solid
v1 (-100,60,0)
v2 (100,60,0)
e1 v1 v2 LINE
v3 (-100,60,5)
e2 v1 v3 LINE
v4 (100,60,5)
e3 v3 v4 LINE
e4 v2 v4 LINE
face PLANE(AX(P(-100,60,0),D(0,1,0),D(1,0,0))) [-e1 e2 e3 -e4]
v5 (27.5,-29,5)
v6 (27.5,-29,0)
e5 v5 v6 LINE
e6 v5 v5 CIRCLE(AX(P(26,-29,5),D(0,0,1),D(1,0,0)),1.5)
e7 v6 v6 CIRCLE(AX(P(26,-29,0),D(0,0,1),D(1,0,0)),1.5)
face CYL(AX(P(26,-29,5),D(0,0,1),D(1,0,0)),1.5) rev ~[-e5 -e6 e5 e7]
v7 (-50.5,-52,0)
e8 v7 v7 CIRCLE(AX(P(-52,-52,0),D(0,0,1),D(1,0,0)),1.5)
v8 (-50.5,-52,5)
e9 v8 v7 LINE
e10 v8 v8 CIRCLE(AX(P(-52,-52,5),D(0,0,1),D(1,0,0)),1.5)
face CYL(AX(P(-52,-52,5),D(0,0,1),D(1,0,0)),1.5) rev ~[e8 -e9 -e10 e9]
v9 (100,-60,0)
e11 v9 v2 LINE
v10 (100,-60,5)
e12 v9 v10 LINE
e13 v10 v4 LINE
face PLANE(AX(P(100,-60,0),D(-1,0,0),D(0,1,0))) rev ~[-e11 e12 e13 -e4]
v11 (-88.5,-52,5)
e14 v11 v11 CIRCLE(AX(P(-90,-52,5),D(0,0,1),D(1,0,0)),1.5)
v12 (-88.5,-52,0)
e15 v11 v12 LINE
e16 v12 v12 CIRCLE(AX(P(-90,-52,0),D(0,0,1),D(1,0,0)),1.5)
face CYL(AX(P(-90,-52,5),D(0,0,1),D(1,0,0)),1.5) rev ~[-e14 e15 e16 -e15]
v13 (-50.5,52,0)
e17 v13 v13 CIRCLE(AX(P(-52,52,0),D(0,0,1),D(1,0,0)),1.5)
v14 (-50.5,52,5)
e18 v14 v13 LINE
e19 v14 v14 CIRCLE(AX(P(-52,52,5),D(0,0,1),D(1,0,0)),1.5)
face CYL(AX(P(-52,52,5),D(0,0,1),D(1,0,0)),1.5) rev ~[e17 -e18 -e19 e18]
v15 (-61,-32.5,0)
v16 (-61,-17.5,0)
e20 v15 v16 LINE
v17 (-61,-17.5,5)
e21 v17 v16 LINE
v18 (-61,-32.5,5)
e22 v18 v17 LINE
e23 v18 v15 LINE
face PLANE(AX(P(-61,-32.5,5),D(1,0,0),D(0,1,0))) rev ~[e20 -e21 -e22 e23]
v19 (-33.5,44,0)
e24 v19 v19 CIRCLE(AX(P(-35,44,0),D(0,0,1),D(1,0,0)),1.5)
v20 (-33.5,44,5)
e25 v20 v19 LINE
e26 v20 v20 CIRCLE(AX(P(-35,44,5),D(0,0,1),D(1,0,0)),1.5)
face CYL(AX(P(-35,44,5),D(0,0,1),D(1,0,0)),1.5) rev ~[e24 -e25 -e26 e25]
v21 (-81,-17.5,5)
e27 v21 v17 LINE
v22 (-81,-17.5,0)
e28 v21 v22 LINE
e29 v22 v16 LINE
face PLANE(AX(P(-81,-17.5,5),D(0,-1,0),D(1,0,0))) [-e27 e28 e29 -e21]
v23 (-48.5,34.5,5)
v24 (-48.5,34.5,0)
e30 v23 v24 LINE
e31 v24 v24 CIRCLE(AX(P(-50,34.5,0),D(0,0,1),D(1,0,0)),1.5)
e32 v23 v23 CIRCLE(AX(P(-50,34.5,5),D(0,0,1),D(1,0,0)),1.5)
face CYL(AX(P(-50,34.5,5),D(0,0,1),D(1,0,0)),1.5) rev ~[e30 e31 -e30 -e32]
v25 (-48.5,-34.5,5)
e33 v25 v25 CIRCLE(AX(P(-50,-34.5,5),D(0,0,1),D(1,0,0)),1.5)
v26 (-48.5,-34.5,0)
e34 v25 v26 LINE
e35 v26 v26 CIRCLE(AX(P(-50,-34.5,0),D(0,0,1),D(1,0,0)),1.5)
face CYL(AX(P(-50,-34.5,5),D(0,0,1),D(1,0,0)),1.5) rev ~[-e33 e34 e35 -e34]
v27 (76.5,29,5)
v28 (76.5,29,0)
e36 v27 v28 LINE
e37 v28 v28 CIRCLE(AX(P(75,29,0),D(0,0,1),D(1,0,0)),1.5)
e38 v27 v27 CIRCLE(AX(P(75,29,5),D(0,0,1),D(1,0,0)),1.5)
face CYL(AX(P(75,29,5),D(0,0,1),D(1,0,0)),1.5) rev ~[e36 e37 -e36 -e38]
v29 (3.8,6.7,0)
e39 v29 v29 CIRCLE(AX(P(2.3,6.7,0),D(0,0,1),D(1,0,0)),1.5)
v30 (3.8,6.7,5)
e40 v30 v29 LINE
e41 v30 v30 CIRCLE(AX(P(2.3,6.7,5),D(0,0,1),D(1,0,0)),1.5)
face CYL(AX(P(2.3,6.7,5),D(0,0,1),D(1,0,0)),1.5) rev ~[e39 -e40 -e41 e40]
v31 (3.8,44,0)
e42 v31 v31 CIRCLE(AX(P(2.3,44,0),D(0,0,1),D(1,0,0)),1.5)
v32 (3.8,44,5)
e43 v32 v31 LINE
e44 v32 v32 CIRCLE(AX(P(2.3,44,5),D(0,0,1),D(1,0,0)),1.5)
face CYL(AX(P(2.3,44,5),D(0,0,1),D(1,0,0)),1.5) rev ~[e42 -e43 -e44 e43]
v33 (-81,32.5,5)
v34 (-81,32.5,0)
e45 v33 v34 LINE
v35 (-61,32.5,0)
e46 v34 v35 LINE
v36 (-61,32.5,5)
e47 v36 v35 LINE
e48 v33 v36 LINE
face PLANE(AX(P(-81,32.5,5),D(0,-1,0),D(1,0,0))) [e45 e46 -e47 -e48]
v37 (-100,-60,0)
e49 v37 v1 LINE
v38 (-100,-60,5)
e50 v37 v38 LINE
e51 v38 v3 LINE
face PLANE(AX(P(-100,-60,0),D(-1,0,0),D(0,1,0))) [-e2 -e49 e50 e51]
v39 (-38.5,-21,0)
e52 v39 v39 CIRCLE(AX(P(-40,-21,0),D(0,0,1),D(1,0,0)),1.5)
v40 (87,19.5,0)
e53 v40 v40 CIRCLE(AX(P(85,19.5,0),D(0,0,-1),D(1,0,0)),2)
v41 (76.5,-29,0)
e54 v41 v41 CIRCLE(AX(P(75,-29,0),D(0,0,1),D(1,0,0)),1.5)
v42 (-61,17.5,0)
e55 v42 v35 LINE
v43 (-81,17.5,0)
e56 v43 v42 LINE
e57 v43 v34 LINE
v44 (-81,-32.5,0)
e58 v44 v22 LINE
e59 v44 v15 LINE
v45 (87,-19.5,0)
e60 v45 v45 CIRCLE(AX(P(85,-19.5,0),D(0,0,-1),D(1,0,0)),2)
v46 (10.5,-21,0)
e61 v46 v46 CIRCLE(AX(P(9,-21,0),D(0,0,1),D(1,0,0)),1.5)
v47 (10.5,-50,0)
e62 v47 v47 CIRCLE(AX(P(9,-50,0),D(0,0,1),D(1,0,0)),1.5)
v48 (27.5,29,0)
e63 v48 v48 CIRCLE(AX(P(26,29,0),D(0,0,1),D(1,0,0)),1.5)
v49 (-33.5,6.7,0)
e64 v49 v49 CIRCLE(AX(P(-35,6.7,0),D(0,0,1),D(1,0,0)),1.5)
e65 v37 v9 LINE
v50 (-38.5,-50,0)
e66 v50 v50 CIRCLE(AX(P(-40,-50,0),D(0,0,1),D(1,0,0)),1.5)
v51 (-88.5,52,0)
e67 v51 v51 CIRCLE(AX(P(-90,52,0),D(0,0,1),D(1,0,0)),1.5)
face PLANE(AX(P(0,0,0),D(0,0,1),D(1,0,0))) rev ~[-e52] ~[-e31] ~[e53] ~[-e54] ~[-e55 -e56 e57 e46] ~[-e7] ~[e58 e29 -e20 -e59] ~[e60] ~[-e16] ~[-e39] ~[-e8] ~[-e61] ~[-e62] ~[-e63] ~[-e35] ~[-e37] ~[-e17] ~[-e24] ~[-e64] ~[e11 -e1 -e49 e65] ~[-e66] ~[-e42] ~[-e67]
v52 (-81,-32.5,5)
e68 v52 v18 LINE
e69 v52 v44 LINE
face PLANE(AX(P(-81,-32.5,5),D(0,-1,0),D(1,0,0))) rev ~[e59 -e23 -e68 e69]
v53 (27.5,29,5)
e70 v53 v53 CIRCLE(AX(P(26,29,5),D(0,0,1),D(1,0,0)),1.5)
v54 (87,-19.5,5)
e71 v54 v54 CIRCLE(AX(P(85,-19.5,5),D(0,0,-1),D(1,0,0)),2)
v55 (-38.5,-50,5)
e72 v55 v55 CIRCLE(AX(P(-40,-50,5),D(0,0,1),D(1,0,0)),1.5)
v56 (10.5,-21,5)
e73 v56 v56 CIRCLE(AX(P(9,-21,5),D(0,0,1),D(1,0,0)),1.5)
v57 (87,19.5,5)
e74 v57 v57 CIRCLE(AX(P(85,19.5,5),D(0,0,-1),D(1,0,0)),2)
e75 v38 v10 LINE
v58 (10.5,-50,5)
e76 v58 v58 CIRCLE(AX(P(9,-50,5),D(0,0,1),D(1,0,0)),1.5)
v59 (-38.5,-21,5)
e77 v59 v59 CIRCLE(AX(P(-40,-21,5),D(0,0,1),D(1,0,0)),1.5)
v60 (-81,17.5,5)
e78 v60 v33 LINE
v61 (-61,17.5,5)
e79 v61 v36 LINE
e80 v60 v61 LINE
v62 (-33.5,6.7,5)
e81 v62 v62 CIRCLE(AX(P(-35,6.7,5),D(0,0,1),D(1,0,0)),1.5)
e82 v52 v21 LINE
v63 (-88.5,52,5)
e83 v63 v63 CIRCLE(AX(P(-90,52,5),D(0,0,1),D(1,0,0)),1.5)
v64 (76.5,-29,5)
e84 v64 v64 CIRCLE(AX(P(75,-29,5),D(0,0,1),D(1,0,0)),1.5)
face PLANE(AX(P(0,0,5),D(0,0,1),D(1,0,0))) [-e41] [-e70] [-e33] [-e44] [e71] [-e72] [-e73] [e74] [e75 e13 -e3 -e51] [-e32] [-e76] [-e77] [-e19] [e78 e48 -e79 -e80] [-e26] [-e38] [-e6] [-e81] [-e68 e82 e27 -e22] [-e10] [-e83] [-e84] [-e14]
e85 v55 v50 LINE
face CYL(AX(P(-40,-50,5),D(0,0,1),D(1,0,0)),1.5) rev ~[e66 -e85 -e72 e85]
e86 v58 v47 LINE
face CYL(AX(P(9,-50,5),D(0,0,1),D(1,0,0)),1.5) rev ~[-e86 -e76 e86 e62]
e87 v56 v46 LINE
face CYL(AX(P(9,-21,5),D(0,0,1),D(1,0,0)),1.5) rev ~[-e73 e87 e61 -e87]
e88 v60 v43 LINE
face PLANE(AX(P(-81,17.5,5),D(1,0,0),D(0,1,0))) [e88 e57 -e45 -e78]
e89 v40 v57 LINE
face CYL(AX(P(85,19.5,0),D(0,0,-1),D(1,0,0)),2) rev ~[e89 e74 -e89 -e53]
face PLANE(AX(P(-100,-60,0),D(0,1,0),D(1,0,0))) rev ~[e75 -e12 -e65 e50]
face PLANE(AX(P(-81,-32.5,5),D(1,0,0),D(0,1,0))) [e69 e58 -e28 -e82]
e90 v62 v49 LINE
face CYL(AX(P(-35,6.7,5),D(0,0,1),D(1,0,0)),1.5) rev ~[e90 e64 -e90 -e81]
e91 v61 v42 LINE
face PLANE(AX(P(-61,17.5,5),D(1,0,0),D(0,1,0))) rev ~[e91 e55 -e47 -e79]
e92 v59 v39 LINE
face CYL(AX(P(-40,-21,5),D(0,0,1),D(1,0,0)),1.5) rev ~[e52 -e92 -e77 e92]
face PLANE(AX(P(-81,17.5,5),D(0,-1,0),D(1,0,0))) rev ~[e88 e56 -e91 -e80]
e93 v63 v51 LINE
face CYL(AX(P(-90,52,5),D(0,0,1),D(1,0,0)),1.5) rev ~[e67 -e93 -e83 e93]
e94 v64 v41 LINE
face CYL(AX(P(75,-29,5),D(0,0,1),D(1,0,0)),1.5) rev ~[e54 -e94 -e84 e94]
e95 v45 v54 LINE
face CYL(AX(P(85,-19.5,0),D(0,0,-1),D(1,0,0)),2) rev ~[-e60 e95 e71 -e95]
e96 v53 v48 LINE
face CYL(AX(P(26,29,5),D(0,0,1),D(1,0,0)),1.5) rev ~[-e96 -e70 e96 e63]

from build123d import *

# Parameters (mm, degrees)
F0_W      = 200
F0_H      = 120
F1_DEPTH  = 5
F2_R      = 1.5
F2_W      = 20
F2_H      = 15
F3_DEPTH  = 25
F4_R      = 1.5
F5_DEPTH  = 5.001
F6_R      = 2
F7_DEPTH  = 5.001
F8_R      = 1.5
F9_DEPTH  = 5.001
F10_R     = 1.5
F11_DEPTH = 5.001
F12_R     = 1.5
F13_DEPTH = 5.001


with BuildPart() as f1:
    # F0 (on Top) → F1 (new body)
    with BuildSketch(Plane.XY):
        Rectangle(F0_W, F0_H)
    extrude(amount=F1_DEPTH)

    # F2 (on face) → F3 (cut)
    with BuildSketch(Plane.XY.offset(5)):
        with Locations((-90, 52)):
            Circle(F2_R)
        with Locations((-52, 52)):
            Circle(F2_R)
        with Locations((-90, -52)):
            Circle(F2_R)
        with Locations((-52, -52)):
            Circle(F2_R)
        with Locations((-71, 25)):
            Rectangle(F2_W, F2_H)
        with Locations((-71, -25)):
            Rectangle(F2_W, F2_H)
    extrude(amount=-F3_DEPTH, mode=Mode.SUBTRACT)

    # F4 (on face) → F5 (cut, through all)
    with BuildSketch(Plane.XY.offset(5)):
        with Locations((26, -29)):
            Circle(F4_R)
        with Locations((26, 29)):
            Circle(F4_R)
        with Locations((75, -29)):
            Circle(F4_R)
        with Locations((75, 29)):
            Circle(F4_R)
    extrude(amount=-F5_DEPTH, mode=Mode.SUBTRACT)

    # F6 (on face) → F7 (cut, through all)
    with BuildSketch(Plane(origin=(0, 0, 0), x_dir=(1, 0, 0), z_dir=(0, 0, -1))):
        with Locations((85, 19.5)):
            Circle(F6_R)
        with Locations((85, -19.5)):
            Circle(F6_R)
    extrude(amount=-F7_DEPTH, mode=Mode.SUBTRACT)

    # F8 (on face) → F9 (cut, through all)
    with BuildSketch(Plane.XY.offset(5)):
        with Locations((-35, 44)):
            Circle(F8_R)
        with Locations((-35, 6.7)):
            Circle(F8_R)
        with Locations((2.3, 44)):
            Circle(F8_R)
        with Locations((2.3, 6.7)):
            Circle(F8_R)
    extrude(amount=-F9_DEPTH, mode=Mode.SUBTRACT)

    # F10 (on face) → F11 (cut, through all)
    with BuildSketch(Plane.XY.offset(5)):
        with Locations((-40, -21)):
            Circle(F10_R)
        with Locations((-40, -50)):
            Circle(F10_R)
        with Locations((9, -21)):
            Circle(F10_R)
        with Locations((9, -50)):
            Circle(F10_R)
    extrude(amount=-F11_DEPTH, mode=Mode.SUBTRACT)

    # F12 (on face) → F13 (cut, through all)
    with BuildSketch(Plane.XY.offset(5)):
        with Locations((-50, 34.5)):
            Circle(F12_R)
        with Locations((-50, -34.5)):
            Circle(F12_R)
    extrude(amount=-F13_DEPTH, mode=Mode.SUBTRACT)


solid = f1.part
